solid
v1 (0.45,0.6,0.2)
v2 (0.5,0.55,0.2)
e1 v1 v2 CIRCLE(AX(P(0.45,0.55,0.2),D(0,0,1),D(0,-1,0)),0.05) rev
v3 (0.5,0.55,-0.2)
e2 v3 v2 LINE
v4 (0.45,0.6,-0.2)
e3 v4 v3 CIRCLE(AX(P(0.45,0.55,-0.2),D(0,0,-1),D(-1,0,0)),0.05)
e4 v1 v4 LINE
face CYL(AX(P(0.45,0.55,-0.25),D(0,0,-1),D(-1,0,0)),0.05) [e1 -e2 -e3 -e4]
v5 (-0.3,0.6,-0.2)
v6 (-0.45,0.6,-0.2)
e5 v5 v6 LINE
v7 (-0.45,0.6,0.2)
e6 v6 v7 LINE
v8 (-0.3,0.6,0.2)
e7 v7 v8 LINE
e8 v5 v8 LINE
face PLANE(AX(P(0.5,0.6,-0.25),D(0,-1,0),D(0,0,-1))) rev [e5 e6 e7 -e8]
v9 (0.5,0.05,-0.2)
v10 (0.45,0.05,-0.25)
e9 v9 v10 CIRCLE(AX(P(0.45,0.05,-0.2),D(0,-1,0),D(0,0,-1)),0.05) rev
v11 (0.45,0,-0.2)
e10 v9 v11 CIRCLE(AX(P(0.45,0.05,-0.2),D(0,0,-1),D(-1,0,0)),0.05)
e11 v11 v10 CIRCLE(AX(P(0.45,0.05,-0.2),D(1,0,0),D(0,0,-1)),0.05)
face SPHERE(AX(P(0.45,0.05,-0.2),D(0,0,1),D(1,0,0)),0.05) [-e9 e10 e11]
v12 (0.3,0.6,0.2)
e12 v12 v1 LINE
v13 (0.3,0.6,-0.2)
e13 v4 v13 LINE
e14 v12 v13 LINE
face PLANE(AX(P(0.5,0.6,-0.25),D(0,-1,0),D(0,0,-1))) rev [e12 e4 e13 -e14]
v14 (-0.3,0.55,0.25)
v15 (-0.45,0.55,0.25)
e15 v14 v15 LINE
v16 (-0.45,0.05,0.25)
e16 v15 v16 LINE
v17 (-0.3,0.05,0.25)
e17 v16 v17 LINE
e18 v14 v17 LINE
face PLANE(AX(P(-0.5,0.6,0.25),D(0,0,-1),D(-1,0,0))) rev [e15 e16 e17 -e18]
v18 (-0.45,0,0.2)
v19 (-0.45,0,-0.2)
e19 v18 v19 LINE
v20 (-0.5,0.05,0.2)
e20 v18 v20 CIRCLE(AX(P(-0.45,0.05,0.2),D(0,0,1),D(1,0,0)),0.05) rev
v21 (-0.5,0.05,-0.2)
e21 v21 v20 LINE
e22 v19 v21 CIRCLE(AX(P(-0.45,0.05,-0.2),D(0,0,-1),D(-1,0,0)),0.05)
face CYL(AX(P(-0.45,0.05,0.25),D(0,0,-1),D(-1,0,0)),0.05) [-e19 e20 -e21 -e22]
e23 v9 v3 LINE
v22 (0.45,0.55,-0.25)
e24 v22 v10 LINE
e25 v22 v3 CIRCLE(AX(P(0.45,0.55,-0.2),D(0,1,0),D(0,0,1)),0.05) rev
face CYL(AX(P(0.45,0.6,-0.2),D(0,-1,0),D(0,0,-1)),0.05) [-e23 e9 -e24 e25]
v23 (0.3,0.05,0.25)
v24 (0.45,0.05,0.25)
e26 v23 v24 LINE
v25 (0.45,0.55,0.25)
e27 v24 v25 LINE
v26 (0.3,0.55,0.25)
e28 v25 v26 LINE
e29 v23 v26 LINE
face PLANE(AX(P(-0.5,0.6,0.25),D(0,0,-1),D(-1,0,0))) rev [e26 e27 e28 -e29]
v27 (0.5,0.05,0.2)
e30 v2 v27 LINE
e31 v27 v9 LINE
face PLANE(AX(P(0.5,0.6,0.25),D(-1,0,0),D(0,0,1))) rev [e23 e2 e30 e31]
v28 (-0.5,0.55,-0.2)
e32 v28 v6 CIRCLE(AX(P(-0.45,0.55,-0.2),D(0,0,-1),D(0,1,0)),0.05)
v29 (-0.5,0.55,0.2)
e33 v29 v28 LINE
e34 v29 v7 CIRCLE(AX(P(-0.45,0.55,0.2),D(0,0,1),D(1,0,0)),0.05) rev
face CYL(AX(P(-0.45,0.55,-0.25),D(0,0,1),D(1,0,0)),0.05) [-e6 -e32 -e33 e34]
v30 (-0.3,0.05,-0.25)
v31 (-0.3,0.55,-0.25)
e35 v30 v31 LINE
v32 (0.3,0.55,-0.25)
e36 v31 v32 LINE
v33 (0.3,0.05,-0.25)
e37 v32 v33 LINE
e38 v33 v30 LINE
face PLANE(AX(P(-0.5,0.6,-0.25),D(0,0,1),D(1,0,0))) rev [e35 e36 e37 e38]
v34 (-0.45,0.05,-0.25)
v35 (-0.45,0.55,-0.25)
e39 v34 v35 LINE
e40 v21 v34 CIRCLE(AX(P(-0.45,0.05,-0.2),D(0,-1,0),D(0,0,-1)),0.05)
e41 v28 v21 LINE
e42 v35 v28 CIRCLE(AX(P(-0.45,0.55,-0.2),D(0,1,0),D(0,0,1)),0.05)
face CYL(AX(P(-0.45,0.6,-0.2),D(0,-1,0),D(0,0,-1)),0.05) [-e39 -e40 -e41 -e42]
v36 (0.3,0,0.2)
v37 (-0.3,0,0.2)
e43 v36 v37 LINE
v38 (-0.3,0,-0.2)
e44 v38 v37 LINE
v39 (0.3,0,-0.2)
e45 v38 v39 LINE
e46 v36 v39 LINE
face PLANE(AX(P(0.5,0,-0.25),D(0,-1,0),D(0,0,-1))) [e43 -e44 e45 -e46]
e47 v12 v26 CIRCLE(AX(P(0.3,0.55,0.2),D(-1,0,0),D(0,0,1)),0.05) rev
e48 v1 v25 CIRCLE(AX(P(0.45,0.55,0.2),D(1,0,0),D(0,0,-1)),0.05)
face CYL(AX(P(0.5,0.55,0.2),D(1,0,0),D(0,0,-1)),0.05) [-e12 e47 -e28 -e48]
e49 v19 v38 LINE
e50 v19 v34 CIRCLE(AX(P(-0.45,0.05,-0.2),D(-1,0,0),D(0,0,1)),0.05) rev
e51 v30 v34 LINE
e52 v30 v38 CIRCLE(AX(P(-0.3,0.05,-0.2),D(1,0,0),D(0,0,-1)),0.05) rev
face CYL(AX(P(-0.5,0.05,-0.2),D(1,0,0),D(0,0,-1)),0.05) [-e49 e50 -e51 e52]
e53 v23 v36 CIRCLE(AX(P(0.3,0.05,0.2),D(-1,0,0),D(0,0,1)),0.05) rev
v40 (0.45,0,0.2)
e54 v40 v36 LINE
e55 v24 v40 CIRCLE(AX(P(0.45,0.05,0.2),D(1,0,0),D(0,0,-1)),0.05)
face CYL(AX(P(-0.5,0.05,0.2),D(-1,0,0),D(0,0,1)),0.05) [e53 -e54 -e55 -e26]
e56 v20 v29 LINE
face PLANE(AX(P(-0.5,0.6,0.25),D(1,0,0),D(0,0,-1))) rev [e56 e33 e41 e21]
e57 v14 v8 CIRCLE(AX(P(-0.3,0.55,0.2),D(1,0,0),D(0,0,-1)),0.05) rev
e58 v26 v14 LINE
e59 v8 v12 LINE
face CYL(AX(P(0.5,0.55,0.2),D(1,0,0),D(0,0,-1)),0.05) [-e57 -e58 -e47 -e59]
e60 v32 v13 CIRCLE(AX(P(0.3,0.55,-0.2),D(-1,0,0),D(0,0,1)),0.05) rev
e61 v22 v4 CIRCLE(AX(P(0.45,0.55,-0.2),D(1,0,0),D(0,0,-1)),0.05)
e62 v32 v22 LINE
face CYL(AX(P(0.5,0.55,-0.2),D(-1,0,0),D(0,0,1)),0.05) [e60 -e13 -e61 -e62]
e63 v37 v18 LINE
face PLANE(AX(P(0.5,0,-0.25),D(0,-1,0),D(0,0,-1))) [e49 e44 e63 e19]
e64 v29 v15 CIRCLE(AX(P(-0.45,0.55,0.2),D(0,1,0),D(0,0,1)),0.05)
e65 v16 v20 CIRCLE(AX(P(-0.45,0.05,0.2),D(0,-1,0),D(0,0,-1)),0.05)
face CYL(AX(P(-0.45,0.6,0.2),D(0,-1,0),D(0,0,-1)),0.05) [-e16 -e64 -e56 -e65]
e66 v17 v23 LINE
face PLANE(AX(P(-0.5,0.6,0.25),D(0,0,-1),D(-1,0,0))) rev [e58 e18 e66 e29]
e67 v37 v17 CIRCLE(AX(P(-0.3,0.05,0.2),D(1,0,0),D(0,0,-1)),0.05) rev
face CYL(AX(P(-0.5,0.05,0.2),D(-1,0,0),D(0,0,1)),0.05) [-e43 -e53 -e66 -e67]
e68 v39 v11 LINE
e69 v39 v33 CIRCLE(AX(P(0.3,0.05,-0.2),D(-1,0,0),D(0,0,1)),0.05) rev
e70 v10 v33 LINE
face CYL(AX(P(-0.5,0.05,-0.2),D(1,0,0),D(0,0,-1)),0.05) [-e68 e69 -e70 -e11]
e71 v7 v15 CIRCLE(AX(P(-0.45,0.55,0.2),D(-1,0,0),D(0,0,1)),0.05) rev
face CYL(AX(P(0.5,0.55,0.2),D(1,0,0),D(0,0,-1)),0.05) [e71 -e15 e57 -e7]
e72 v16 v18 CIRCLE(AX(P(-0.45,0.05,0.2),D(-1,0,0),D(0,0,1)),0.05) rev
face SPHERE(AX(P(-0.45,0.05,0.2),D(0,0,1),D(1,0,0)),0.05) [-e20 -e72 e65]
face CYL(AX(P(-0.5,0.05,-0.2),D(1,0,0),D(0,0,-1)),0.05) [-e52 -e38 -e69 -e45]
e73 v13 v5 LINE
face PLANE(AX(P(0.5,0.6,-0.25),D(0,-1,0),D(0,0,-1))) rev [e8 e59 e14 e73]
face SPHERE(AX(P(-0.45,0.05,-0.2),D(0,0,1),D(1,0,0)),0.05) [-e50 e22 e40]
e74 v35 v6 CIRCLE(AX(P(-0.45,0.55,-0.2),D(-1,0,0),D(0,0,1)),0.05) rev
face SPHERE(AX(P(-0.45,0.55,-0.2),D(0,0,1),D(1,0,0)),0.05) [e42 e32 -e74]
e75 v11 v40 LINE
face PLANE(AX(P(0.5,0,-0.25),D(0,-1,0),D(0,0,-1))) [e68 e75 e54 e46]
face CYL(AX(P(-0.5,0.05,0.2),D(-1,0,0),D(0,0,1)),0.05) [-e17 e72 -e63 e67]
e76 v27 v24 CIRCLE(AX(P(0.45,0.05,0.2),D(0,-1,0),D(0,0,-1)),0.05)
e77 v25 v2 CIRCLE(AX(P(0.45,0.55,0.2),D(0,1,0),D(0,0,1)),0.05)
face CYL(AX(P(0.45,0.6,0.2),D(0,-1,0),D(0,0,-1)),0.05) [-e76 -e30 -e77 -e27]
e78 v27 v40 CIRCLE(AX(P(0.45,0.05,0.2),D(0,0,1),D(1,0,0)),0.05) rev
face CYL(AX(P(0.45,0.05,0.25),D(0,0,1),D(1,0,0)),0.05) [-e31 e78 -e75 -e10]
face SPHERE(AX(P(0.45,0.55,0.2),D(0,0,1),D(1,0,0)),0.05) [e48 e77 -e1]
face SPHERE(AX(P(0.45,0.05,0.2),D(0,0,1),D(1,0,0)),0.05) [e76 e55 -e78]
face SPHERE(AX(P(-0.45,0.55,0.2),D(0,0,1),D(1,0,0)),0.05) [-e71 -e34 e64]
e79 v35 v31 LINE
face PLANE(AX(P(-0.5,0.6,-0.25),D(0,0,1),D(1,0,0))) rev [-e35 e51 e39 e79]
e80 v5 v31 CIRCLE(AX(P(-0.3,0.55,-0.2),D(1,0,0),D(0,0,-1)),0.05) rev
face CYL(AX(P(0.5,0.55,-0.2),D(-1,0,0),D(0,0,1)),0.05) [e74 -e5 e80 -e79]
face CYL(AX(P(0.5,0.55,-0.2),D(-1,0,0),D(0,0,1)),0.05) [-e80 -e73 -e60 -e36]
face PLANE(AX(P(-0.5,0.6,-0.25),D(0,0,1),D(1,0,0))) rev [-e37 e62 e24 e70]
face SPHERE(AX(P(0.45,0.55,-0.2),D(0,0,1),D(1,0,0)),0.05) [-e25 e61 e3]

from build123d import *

# Parameters (mm, degrees)
SKETCH1_W      = 1
SKETCH1_H      = 0.5
EXTRUDE1_DEPTH = 0.6
FILLET1_R      = 0.05


with BuildPart() as part:
    # Sketch1 → Extrude1 (new body)
    with BuildSketch(Plane(origin=(0, 0, 0), x_dir=(1, 0, 0), z_dir=(0, 1, 0))):
        Rectangle(SKETCH1_W, SKETCH1_H)
    extrude(amount=EXTRUDE1_DEPTH)

    # Fillet1
    fillet1_edges = [part.edges().sort_by_distance(p)[0] for p in [
        (-0.5, 0.6, 0),
        (0, 0.6, 0.25),
        (0.5, 0.6, 0),
        (0, 0, 0.25),
        (-0.5, 0, 0),
        (0, 0, -0.25),
        (0.5, 0, 0),
        (0, 0.6, -0.25),
        (0.5, 0.3, 0.25),
        (-0.5, 0.3, 0.25),
        (-0.5, 0.3, -0.25),
        (0.5, 0.3, -0.25),
    ]]
    fillet(fillet1_edges, radius=FILLET1_R)


solid = part.part
